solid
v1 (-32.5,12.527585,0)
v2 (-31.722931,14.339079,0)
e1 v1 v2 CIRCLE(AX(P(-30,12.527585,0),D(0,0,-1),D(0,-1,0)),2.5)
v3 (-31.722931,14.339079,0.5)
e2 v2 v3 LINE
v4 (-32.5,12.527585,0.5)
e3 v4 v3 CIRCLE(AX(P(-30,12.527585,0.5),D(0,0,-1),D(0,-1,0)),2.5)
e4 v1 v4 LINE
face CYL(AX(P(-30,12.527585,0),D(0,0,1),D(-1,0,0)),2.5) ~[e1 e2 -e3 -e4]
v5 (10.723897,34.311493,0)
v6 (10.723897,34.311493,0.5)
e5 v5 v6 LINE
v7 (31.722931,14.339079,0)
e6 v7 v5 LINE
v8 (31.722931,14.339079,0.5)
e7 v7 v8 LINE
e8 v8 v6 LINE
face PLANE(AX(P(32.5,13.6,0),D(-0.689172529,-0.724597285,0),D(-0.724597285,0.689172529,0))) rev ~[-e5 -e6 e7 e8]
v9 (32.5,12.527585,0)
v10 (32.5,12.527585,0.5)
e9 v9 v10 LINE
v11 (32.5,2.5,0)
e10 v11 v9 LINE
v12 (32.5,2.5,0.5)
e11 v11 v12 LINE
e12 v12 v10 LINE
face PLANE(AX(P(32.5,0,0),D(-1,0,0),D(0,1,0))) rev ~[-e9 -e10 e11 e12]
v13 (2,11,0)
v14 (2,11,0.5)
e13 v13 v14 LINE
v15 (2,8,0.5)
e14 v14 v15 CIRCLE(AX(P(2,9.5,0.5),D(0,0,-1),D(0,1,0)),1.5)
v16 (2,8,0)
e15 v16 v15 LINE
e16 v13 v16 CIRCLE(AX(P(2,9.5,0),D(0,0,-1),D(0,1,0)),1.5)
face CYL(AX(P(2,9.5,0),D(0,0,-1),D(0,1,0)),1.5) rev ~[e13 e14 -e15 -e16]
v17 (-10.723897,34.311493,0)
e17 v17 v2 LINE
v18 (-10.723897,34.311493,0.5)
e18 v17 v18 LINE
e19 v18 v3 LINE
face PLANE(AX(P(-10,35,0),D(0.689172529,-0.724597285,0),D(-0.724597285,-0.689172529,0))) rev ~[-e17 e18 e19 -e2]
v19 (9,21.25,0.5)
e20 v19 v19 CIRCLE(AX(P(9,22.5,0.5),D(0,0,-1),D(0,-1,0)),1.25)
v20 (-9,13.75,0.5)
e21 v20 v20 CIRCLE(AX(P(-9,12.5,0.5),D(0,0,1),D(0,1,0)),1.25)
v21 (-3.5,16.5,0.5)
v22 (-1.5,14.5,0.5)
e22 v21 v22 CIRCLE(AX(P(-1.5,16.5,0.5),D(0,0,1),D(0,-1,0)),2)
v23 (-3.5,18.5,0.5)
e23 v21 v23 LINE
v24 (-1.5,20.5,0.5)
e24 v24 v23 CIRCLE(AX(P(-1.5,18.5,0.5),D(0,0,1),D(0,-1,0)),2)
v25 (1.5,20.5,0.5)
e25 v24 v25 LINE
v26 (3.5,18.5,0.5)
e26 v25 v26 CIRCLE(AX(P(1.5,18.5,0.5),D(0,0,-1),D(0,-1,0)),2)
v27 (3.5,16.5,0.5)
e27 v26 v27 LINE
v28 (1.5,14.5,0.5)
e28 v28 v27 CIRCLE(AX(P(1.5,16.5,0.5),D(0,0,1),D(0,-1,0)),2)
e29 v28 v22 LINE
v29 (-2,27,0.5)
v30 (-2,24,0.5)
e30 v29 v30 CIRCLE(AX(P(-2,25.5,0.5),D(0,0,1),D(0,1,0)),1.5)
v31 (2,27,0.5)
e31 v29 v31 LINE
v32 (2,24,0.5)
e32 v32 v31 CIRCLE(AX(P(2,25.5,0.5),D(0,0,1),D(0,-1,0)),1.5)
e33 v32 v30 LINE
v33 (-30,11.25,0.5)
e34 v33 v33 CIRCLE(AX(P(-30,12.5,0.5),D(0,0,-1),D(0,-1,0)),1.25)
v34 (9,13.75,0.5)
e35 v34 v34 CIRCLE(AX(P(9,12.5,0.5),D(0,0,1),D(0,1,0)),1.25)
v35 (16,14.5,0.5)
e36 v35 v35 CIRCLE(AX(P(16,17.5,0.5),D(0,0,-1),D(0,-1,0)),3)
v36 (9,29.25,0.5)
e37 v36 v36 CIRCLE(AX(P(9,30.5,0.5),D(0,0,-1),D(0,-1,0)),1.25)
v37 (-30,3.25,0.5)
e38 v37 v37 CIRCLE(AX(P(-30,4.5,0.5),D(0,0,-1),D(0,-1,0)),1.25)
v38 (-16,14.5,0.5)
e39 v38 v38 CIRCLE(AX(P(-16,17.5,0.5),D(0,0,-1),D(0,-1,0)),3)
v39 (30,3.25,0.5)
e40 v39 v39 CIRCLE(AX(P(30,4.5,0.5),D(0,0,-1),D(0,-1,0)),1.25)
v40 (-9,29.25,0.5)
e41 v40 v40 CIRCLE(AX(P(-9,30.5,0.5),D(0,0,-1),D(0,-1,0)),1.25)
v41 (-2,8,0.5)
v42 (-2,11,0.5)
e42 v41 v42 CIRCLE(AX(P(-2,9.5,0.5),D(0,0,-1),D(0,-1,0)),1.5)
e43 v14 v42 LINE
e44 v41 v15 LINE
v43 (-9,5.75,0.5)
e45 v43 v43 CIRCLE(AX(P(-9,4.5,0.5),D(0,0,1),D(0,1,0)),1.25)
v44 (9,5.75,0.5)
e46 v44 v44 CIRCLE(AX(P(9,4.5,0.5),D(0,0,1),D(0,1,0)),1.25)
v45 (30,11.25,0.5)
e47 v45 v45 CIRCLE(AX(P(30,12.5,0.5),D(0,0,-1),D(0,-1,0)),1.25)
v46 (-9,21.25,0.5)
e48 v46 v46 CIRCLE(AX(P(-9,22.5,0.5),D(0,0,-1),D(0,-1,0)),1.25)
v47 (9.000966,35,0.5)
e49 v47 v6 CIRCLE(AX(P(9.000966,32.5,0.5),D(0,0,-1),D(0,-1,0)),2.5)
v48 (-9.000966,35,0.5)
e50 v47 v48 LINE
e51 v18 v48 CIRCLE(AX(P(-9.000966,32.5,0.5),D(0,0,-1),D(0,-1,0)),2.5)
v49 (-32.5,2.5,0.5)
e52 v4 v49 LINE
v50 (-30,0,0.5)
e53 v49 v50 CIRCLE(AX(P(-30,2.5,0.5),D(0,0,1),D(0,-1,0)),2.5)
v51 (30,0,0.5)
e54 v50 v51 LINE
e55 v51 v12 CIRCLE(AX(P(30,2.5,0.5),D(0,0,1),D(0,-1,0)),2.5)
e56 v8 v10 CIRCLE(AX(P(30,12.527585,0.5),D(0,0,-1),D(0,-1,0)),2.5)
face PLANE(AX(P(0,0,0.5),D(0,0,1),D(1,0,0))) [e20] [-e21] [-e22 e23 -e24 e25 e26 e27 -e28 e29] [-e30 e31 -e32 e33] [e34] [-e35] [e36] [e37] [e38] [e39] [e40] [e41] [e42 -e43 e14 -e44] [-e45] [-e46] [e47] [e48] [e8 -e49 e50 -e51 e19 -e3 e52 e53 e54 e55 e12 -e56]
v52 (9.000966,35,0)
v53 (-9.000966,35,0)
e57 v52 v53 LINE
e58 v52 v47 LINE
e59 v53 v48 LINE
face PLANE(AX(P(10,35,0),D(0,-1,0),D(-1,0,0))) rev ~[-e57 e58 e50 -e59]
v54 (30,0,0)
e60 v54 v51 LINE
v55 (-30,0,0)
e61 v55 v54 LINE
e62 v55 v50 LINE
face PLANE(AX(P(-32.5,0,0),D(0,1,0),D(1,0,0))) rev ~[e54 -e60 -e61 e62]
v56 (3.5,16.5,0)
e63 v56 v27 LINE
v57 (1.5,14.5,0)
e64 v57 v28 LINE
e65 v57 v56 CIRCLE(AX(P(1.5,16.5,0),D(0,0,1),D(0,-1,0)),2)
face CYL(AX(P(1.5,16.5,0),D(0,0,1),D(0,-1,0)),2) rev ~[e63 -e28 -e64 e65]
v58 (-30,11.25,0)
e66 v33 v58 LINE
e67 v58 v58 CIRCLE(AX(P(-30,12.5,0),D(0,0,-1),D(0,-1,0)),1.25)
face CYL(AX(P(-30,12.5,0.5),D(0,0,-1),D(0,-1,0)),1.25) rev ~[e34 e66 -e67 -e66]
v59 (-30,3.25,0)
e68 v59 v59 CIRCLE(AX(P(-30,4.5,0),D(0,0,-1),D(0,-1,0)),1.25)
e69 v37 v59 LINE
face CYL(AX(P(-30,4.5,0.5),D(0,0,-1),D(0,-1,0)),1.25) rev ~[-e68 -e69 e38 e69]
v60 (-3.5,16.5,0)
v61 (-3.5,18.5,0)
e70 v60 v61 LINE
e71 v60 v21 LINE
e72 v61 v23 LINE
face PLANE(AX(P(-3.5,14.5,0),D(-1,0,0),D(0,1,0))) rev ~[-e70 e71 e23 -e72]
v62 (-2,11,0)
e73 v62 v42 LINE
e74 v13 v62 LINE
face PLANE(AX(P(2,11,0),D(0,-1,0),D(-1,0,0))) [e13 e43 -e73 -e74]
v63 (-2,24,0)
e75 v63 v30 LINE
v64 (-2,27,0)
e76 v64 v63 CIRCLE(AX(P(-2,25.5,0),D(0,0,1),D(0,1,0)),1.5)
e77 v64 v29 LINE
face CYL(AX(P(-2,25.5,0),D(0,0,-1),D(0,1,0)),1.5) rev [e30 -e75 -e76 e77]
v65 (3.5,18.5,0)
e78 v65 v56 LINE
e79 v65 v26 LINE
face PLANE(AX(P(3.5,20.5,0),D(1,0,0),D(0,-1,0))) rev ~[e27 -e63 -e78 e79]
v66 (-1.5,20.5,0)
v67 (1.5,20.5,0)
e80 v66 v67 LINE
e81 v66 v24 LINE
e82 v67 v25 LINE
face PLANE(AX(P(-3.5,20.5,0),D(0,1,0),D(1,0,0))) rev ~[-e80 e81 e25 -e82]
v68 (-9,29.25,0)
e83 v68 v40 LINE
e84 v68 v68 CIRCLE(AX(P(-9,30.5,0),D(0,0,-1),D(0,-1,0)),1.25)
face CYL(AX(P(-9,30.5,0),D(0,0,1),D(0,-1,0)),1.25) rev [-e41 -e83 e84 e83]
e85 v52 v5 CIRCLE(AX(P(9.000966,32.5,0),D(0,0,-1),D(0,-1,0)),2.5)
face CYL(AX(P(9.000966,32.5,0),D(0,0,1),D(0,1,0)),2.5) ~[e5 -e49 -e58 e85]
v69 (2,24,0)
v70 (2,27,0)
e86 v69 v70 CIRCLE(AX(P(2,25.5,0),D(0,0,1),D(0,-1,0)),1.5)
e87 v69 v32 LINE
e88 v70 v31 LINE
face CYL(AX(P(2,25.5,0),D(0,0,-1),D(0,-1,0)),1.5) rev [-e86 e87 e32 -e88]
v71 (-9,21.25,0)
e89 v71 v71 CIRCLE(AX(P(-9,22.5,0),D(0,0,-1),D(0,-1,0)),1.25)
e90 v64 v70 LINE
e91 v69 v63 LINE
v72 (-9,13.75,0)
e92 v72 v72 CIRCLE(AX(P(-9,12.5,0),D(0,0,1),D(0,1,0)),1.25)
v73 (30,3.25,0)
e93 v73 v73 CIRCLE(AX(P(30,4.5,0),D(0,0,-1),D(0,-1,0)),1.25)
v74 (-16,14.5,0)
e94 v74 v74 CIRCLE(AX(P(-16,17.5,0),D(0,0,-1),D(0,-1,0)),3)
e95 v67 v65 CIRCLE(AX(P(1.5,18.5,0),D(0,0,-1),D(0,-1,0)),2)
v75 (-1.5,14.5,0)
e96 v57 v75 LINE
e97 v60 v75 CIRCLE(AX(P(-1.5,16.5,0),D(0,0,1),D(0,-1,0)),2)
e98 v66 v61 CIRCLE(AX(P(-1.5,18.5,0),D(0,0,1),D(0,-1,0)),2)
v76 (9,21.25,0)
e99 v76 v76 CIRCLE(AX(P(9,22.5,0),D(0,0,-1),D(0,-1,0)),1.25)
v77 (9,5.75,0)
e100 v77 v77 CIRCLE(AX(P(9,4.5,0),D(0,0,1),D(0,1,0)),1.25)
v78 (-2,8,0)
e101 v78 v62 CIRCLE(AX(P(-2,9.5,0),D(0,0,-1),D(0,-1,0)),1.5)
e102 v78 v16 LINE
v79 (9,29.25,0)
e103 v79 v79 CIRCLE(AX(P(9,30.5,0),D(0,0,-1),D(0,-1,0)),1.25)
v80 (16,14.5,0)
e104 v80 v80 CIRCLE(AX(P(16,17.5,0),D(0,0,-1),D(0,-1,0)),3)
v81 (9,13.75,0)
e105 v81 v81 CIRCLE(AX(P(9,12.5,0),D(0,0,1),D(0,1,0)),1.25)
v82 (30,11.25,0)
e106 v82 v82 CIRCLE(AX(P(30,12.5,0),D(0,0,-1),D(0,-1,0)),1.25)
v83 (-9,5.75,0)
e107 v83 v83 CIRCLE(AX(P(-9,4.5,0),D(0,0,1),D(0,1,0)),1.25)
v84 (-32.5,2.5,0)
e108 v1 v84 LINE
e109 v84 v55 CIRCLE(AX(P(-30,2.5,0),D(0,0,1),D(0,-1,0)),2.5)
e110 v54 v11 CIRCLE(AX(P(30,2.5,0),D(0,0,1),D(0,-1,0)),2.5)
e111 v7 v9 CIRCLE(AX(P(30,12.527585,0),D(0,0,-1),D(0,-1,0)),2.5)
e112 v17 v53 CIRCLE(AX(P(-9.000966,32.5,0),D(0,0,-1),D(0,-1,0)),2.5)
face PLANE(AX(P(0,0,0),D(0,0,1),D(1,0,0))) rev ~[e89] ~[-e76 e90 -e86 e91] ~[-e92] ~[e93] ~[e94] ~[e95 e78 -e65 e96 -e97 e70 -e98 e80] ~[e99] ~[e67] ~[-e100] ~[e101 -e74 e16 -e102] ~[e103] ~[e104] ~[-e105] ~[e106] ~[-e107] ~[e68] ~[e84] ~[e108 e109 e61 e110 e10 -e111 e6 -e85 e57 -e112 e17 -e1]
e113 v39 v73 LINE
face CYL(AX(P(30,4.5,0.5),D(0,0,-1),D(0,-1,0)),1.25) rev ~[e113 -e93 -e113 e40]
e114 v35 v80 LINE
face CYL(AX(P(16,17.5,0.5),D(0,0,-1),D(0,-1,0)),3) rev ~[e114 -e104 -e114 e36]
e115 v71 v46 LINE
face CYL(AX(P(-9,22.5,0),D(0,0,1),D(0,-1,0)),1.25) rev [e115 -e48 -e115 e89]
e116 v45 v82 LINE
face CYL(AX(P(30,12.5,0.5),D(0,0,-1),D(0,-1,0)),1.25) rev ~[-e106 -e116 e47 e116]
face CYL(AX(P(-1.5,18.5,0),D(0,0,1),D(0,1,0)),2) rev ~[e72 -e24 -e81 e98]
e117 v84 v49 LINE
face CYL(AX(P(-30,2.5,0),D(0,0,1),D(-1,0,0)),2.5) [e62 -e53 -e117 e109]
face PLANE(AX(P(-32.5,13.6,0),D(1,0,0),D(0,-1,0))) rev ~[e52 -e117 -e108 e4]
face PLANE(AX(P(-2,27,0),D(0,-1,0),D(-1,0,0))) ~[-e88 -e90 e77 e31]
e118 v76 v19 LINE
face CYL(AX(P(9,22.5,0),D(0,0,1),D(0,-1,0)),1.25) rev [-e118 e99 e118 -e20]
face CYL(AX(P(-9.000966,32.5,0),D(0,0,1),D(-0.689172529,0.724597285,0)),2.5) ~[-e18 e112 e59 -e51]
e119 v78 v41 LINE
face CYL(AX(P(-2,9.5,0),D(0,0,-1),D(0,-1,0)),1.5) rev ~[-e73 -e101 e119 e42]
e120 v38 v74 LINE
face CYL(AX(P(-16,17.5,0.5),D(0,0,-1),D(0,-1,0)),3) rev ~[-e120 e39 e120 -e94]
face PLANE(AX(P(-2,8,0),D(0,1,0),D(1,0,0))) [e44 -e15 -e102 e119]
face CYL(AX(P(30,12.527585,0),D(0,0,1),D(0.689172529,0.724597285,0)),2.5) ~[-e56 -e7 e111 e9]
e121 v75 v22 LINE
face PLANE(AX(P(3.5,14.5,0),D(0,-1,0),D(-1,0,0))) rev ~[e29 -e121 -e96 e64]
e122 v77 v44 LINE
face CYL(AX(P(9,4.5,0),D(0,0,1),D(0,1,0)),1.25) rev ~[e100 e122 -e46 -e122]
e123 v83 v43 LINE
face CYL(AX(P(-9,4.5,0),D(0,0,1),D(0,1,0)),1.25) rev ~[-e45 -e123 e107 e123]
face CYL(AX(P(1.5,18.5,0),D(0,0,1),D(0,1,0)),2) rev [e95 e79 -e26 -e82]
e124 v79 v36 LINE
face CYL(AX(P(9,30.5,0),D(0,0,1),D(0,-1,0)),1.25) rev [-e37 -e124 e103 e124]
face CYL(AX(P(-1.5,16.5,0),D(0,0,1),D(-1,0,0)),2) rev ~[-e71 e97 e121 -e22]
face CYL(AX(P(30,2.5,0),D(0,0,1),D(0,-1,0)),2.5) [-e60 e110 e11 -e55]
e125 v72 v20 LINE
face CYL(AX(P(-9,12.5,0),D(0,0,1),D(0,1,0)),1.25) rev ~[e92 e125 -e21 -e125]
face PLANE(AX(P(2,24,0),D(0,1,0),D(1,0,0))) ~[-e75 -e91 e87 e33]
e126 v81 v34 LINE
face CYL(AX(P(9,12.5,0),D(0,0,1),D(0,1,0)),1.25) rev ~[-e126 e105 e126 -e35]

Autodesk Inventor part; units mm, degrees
ref_plane "YZ Plane" through (0, 0, 0) normal (1, 0, 0) x (0, 1, 0)
ref_plane "XZ Plane" through (0, 0, 0) normal (0, 1, 0) x (-1, 0, 0)
sketch "Sketch1" plane through (0, 0, 0) normal (0, 0, 1) x (1, 0, 0)
  line L0 (-32.5, 0) -> (32.5, 0)
  line L1 (32.5, 0) -> (32.5, 13.6)
  line L2 (32.5, 13.6) -> (10, 35)
  line L3 (10, 35) -> (-10, 35)
  line L4 (-10, 35) -> (-32.5, 13.6)
  line L5 (-32.5, 13.6) -> (-32.5, 0)
  line L6 (0, 0) -> (0, 41.5771) construction
  dimension "d0" = 13.6
  dimension "d1" = 65
  dimension "d2" = 35
  dimension "d3" = 20
extrude "Extrusion1" add sketch "Sketch1" along normal blind 0.5
fillet "Fillet1" radius 2.5 4 edges at (-32.5, 13.6, 0.25) (32.5, 13.6, 0.25) (10, 35, 0.25) (-10, 35, 0.25)
sketch "Sketch2" plane through (0, 0, 0.5) normal (0, 0, 1) x (1, 0, 0)
  arc A0 (-9.001, 35) -> (-10.7239, 34.3115) centre (-9.001, 32.5) ccw projected
  line L0 (9.001, 35) -> (-9.001, 35) projected
  line L1 (-32.5, 0) -> (32.5, 0) projected
  point P0 (0, 0)
  point P1 (0, 35)
  point P2 (-30, 12.5)
  point P3 (30, 12.5)
  point P4 (30, 4.5)
  point P5 (-30, 4.5)
  point P6 (0, 0)
  point P7 (-16, 17.5)
  point P8 (16, 17.5)
  point P9 (0, 35)
  dimension "d9" = 60
  dimension "d10" = 30
  dimension "d11" = 4.5
  dimension "d12" = 8
  dimension "d13" = 16
  dimension "d14" = 32
  dimension "d15" = 5
hole "Hole1" at (-16, 17.5, 0.5) at (16, 17.5, 0.5) direction (0, 0, -1) diameter 6 depth 0.5
hole "Hole2" at (-30, 12.5, 0.5) at (30, 12.5, 0.5) at (30, 4.5, 0.5) at (-30, 4.5, 0.5) direction (0, 0, -1) diameter 2.5 depth 0.5
sketch "Sketch3" plane through (0, 0, 0) normal (0, 0, -1) x (-1, 0, 0)
  line L0 (-3.5, 14.5) -> (3.5, 14.5)
  line L1 (3.5, 14.5) -> (3.5, 20.5)
  line L2 (3.5, 20.5) -> (-3.5, 20.5)
  line L3 (-3.5, 20.5) -> (-3.5, 14.5)
  line L4 (-3.5, 14.5) -> (3.5, 20.5) construction
  line L5 (3.5, 14.5) -> (-3.5, 20.5) construction
  circle A0 centre (-16, 17.5) radius 3 projected
  line L6 (32.5, 0) -> (-32.5, 0) projected
  point P0 (0, 0)
  point P1 (0, 17.5)
  point P2 (-3.5, 17.5)
  point P3 (0, 0)
  dimension "d30" = 7
  dimension "d31" = 6
extrude "Extrusion2" cut sketch "Sketch3" against normal up to surface (0.5 mm away) contours L3 L2 L1 L0
fillet "Fillet2" radius 2 4 edges at (3.5, 20.5, 0.25) (-3.5, 20.5, 0.25) (-3.5, 14.5, 0.25) (3.5, 14.5, 0.25)
sketch "Sketch4" plane through (0, 0, 0) normal (0, 0, -1) x (-1, 0, 0)
  line L0 (-2, 9.5) -> (2, 9.5) construction
  line L1 (-2, 11) -> (2, 11)
  line L2 (2, 8) -> (-2, 8)
  arc A0 (-2, 11) -> (-2, 8) centre (-2, 9.5) ccw
  arc A1 (2, 8) -> (2, 11) centre (2, 9.5) ccw
  line L3 (32.5, 0) -> (-32.5, 0) projected
  circle A2 centre (30, 12.5) radius 1.25 projected
  point P0 (0, 0)
  point P1 (0, 9.5)
  point P2 (0, 0)
  point P3 (0, 0)
  point P4 (0, 0)
  point P5 (0, 0)
  dimension "d35" = 1.5
  dimension "d37" = 4
  dimension "d39" = 3
  dimension "d40" = 2
extrude "Extrusion3" cut sketch "Sketch4" against normal up to surface (0.5 mm away) contours L1 A1 L2 A0
ref_plane "Work Plane1" through (-9.001, 17.5, 0) normal (0, 1, 0) x (1, 0, 0)
mirror "Mirror1" about plane through (-9.001, 17.5, 0) normal (0, 1, 0) of "Extrusion3"
sketch "Sketch5" plane through (0, 0, 0) normal (0, 0, -1) x (-1, 0, 0)
  circle A0 centre (-30, 12.5) radius 1.25 projected
  line L0 (32.5, 0) -> (-32.5, 0) projected
  point P0 (0, 0)
  point P1 (-9, 12.5)
  point P2 (9, 12.5)
  point P3 (0, 0)
  point P4 (-9, 4.5)
  point P5 (9, 4.5)
  dimension "d44" = 18
  dimension "d45" = 9
  dimension "d46" = 4.5
hole "Hole3" at (9, 12.5, 0) at (-9, 12.5, 0) at (9, 4.5, 0) at (-9, 4.5, 0) direction (0, 0, 1) diameter 2.5 depth 0.5
mirror "Mirror2" about plane through (-9.001, 17.5, 0) normal (0, 1, 0) of "Hole3"
fillet "Fillet3" radius 2.5 2 edges at (-32.5, 0, 0.25) (32.5, 0, 0.25)
equation "\"d10\" = 0.5 * d9"
equation "\"d45\" = 0.5 * d44"
properties part number "16"
